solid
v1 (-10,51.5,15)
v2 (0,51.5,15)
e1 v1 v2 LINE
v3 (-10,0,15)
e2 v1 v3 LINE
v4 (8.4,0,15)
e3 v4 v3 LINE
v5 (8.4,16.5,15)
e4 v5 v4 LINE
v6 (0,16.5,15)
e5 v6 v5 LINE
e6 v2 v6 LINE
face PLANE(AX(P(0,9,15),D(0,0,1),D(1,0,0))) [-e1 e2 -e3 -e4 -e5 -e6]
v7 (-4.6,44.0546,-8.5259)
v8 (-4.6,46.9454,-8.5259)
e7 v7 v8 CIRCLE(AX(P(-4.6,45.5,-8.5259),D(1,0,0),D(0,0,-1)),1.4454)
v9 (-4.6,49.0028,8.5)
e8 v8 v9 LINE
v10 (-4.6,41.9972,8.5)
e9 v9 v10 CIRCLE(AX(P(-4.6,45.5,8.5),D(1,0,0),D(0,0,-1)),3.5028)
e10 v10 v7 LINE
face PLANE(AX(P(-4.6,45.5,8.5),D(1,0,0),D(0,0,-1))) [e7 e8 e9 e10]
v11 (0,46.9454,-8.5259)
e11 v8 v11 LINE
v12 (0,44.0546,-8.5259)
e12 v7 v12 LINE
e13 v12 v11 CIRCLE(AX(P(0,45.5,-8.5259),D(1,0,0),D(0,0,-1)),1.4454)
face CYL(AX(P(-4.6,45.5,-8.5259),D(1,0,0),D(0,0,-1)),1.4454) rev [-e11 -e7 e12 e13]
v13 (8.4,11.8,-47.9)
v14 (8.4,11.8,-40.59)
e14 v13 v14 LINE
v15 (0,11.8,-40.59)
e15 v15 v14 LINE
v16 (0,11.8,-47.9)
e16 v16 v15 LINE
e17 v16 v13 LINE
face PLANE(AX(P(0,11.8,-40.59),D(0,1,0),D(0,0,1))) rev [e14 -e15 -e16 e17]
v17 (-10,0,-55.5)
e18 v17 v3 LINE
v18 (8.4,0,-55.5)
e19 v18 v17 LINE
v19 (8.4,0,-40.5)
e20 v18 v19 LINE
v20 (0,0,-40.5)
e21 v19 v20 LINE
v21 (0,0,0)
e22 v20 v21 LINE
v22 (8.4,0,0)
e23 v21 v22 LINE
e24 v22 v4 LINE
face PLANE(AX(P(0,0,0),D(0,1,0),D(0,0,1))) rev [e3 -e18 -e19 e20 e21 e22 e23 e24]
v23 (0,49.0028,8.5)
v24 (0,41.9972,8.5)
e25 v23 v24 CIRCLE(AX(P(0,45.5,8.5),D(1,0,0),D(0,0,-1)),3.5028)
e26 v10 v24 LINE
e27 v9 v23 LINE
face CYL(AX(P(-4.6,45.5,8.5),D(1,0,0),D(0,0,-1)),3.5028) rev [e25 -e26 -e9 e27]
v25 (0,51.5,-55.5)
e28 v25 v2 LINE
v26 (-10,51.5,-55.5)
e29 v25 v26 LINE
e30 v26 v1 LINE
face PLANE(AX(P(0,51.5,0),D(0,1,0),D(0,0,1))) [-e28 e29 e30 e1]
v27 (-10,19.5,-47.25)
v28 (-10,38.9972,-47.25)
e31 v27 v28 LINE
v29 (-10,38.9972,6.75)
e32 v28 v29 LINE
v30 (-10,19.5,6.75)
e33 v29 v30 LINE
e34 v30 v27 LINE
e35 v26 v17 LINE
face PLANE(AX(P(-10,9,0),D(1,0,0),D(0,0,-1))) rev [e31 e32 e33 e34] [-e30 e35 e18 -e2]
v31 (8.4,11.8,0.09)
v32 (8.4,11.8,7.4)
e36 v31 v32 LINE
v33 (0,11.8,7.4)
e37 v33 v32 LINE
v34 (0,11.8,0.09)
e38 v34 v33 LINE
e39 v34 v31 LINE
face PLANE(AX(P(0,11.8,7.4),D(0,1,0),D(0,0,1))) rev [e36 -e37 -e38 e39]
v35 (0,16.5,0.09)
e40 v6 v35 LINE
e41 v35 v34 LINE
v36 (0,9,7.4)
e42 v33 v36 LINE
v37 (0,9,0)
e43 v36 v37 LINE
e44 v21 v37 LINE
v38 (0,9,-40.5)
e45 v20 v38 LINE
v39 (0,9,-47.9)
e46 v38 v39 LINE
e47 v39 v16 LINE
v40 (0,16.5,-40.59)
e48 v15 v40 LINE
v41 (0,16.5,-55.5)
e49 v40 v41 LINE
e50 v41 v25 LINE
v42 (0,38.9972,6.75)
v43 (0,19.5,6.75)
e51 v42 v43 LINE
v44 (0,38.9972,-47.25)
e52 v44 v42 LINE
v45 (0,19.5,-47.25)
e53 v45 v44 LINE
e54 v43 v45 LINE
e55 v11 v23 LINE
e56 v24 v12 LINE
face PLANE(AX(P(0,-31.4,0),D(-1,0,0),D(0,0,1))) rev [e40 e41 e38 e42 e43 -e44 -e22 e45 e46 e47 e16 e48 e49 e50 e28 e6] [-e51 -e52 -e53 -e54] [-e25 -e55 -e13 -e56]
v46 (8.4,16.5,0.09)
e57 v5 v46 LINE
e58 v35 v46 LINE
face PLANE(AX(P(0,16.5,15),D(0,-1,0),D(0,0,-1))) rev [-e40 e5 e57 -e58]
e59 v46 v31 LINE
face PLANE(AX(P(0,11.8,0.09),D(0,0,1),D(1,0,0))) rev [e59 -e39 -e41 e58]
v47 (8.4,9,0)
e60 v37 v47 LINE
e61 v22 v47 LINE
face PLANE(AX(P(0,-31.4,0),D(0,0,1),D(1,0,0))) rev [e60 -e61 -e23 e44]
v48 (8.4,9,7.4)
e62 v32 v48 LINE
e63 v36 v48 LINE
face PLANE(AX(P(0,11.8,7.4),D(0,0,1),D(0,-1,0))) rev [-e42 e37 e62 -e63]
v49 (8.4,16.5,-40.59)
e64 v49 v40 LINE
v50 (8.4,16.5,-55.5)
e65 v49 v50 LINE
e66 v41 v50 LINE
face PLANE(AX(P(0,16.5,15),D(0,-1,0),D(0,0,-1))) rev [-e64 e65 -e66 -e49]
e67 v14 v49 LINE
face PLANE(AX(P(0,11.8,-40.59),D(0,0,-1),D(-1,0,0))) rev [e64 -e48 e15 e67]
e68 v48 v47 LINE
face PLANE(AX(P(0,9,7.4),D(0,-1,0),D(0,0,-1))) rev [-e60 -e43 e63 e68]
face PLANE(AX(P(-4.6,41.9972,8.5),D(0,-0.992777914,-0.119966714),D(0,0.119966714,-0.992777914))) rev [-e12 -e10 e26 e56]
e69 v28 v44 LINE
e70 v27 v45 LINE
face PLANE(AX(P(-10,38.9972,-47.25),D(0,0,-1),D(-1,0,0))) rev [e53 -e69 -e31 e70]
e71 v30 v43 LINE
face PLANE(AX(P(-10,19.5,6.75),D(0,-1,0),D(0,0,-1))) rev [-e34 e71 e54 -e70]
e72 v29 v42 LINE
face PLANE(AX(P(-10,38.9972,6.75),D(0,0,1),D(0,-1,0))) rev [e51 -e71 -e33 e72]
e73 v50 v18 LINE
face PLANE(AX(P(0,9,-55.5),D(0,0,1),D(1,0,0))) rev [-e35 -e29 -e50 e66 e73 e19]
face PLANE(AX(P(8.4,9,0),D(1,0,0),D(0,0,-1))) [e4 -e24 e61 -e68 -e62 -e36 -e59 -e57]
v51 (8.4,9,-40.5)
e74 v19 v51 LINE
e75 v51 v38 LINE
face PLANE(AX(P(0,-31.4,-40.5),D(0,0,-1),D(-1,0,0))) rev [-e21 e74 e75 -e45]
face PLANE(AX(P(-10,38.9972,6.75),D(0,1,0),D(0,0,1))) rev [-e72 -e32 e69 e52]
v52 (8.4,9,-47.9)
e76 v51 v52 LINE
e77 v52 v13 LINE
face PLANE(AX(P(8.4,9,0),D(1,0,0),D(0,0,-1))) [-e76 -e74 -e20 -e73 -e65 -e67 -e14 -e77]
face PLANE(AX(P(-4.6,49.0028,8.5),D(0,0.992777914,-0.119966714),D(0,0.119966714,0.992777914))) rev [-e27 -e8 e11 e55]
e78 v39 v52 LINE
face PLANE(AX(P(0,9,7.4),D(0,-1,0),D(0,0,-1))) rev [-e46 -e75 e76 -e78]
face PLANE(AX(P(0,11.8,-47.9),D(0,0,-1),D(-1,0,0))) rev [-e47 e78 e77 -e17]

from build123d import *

# Parameters (mm, degrees)
BOSS_EXTRUDE1_DEPTH = 9
SKETCH2_W           = 8.4
SKETCH2_H           = 40.5
CUT_EXTRUDE1_DEPTH  = 40.4
SKETCH3_W           = 18.4
SKETCH3_H           = 70.5
BOSS_EXTRUDE2_DEPTH = 42.5
CUT_EXTRUDE2_DEPTH  = 8.4
SKETCH5_W           = 70.5
SKETCH5_H           = 35
CUT_EXTRUDE3_DEPTH  = 8.4
CUT_EXTRUDE4_DEPTH  = 4.6
SKETCH8_W           = 54
SKETCH8_H           = 19.4972
CUT_EXTRUDE5_DEPTH  = 11


with BuildPart() as part:
    # Sketch1 → Boss-Extrude1 (new body)
    with BuildSketch(Plane(origin=(0, 0, 0), x_dir=(1, 0, 0), z_dir=(0, 1, 0))):
        Polygon((8.4, -15), (8.4, 0), (8.4, 40.5), (8.4, 55.5), (-10, 55.5), (-10, -15), align=None)
    extrude(amount=BOSS_EXTRUDE1_DEPTH)

    # Sketch2 → Cut-Extrude1 (cut)
    with BuildSketch(Plane(origin=(0, 9, 0), x_dir=(1, 0, 0), z_dir=(0, 1, 0))):
        with Locations((4.2, 20.25)):
            Rectangle(SKETCH2_W, SKETCH2_H)
    extrude(amount=-CUT_EXTRUDE1_DEPTH, mode=Mode.SUBTRACT)

    # Sketch3 → Boss-Extrude2 (add)
    with BuildSketch(Plane(origin=(0, 9, 0), x_dir=(1, 0, 0), z_dir=(0, 1, 0))):
        with Locations((-0.8, 20.25)):
            Rectangle(SKETCH3_W, SKETCH3_H)
    extrude(amount=BOSS_EXTRUDE2_DEPTH)

    # Sketch4 → Cut-Extrude2 (cut)
    with BuildSketch(Plane(origin=(8.4, 0, 0), x_dir=(0, 0, -1), z_dir=(1, 0, 0))):
        Polygon((-0.09, 11.8), (-0.09, 44.4), (40.59, 44.4), (40.59, 11.8), (47.9, 11.8), (47.9, 9), (-7.4, 9), (-7.4, 11.8), align=None)
    extrude(amount=-CUT_EXTRUDE2_DEPTH, mode=Mode.SUBTRACT)

    # Sketch5 → Cut-Extrude3 (cut)
    with BuildSketch(Plane(origin=(8.4, 0, 0), x_dir=(0, 0, -1), z_dir=(1, 0, 0))):
        with Locations((20.25, 34)):
            Rectangle(SKETCH5_W, SKETCH5_H)
    extrude(amount=-CUT_EXTRUDE3_DEPTH, mode=Mode.SUBTRACT)

    # Sketch7 → Cut-Extrude4 (cut)
    with BuildSketch(Plane(origin=(0, 0, 0), x_dir=(0, 0, -1), z_dir=(1, 0, 0))):
        with BuildLine():
            Line((-8.5, 49.0028), (8.5259, 46.9454))
            ThreePointArc((8.5259, 46.9454), (9.9713, 45.5), (8.5259, 44.0546))
            Line((8.5259, 44.0546), (-8.5, 41.9972))
            ThreePointArc((-8.5, 41.9972), (-12.0028, 45.5), (-8.5, 49.0028))
        make_face()
    extrude(amount=-CUT_EXTRUDE4_DEPTH, mode=Mode.SUBTRACT)

    # Sketch8 → Cut-Extrude5 (cut, through all)
    with BuildSketch(Plane(origin=(0, 0, 0), x_dir=(0, 0, -1), z_dir=(1, 0, 0))):
        with Locations((20.25, 29.2486)):
            Rectangle(SKETCH8_W, SKETCH8_H)
    extrude(amount=-CUT_EXTRUDE5_DEPTH, mode=Mode.SUBTRACT)


solid = part.part
